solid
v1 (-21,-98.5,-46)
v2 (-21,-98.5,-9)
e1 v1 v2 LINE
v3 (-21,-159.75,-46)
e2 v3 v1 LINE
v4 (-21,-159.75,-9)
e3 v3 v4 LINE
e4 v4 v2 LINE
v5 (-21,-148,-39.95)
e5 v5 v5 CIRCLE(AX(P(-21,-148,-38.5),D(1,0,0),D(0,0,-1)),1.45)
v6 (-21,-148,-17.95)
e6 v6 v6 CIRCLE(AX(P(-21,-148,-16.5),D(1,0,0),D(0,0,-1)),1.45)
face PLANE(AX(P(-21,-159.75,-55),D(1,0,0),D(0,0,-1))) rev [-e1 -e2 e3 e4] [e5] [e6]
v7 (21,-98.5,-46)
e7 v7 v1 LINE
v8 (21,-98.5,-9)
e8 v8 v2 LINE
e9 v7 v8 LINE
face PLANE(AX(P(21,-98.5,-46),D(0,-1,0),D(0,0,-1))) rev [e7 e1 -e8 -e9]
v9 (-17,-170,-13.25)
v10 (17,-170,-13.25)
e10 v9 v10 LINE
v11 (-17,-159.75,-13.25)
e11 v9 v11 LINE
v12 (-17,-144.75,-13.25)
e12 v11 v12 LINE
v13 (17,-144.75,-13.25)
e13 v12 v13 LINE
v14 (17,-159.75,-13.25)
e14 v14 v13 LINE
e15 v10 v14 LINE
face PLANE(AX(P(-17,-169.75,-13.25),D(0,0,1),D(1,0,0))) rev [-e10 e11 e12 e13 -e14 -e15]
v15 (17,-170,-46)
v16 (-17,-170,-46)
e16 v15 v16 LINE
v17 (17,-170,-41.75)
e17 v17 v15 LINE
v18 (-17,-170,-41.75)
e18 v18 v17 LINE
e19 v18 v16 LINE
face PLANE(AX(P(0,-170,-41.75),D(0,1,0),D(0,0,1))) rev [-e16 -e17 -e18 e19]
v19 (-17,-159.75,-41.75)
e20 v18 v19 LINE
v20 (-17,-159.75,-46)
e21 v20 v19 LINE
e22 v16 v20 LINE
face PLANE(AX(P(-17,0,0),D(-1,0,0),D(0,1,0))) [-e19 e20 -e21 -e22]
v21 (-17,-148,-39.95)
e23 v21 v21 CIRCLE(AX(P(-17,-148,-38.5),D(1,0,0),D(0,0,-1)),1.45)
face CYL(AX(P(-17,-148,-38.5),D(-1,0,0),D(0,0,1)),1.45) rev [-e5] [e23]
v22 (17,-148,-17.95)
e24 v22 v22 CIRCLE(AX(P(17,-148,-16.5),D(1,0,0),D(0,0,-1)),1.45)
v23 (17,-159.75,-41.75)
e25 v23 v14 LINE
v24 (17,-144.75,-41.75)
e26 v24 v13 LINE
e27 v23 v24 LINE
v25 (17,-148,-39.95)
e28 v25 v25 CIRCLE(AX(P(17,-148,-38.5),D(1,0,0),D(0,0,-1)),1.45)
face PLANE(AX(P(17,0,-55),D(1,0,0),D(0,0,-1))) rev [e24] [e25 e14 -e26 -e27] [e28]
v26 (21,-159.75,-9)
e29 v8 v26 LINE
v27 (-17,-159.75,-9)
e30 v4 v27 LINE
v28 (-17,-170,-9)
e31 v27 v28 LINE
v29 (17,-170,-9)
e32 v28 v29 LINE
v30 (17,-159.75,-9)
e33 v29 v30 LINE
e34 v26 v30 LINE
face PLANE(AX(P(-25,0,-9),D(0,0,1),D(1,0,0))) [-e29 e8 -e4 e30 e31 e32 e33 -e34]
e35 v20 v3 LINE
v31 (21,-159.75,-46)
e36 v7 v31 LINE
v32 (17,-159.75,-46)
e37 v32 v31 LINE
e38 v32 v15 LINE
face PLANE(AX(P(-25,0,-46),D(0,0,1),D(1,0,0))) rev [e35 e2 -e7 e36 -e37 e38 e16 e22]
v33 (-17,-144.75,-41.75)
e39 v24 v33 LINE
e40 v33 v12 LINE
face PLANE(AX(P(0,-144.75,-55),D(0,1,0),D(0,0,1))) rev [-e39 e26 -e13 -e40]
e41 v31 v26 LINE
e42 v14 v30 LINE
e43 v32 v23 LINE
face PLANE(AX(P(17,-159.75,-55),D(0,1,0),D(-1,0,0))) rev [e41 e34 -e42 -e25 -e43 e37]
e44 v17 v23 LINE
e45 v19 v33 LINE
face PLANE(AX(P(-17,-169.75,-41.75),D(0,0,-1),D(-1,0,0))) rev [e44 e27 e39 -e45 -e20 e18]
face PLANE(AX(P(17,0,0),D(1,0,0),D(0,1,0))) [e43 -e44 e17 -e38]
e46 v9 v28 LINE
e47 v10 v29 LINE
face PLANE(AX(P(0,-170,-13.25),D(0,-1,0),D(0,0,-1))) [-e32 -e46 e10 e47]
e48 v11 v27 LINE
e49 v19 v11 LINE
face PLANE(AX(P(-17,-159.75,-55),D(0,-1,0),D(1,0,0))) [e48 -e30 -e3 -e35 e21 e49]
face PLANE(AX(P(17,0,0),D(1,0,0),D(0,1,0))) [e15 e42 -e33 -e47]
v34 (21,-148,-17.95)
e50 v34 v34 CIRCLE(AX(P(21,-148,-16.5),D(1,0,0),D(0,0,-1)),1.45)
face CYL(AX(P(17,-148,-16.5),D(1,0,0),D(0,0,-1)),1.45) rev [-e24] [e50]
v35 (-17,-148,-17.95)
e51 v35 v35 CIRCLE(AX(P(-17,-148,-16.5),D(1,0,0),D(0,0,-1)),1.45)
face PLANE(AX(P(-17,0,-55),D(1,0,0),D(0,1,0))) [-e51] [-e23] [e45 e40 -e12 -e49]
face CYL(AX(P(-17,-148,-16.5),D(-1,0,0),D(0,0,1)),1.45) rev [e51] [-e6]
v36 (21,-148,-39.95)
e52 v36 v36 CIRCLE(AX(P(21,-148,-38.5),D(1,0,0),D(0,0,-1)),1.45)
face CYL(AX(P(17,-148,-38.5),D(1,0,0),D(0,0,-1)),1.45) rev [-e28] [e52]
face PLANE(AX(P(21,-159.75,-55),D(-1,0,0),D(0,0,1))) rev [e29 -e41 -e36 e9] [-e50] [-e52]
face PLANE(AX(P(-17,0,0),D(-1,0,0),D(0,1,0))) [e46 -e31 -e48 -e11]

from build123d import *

# Parameters (mm, degrees)
SKETCH1_W               = 50
SKETCH1_H               = 150
BOSS_EXTRUDE1_DEPTH     = 55
CUT_EXTRUDE1_DEPTH      = 168.406690428
CUT_EXTRUDE1_DEPTH_BACK = 45
SKETCH2_R               = 10.25
SKETCH7_R               = 1
SKETCH7_R_2             = 4.25
CUT_EXTRUDE3_DEPTH      = 10
SKETCH8_W               = 55
SKETCH8_H               = 55
SKETCH8_R               = 10.25
BOSS_EXTRUDE2_DEPTH     = 50
SKETCH10_W              = 8
SKETCH10_H              = 10.25
SKETCH10_W_2            = 17
SKETCH10_H_2            = 1
SKETCH10_W_3            = 34
SKETCH10_H_3            = 20
SKETCH10_H_4            = 5
CUT_EXTRUDE4_DEPTH      = 214.717102732
SKETCH11_W              = 34
SKETCH11_H              = 13.25
BOSS_EXTRUDE4_DEPTH     = 25
SKETCH13_W              = 55
SKETCH13_H              = 10
CUT_EXTRUDE5_DEPTH      = 8
SKETCH14_R              = 5.030159043
CUT_EXTRUDE6_DEPTH      = 8
SKETCH15_W              = 34
SKETCH15_H              = 0.25
BOSS_EXTRUDE5_DEPTH     = 13.25
CUT_EXTRUDE7_DEPTH      = 181.416185527
BOSS_EXTRUDE6_START     = 1.5
SKETCH19_R              = 10.25
SKETCH19_R_2            = 1
SKETCH19_R_3            = 4.25
BOSS_EXTRUDE6_DEPTH     = 1.5
CUT_EXTRUDE8_DEPTH      = 184.89467094
SKETCH21_R              = 5.030159043
SKETCH21_R_2            = 4.5
BOSS_EXTRUDE7_DEPTH     = 8
SKETCH24_W              = 4
SKETCH24_H              = 30
CUT_EXTRUDE10_DEPTH     = 181.416185527
SKETCH25_W              = 55
SKETCH25_H              = 86.25
CUT_EXTRUDE11_DEPTH     = 4
BOSS_EXTRUDE8_START     = 4
SKETCH26_R              = 1
SKETCH26_R_2            = 4.25
BOSS_EXTRUDE8_DEPTH     = 4
SKETCH27_W              = 4
SKETCH27_H              = 123.25
CUT_EXTRUDE12_DEPTH     = 181.416185527
CUT_EXTRUDE13_DEPTH     = 180.905530765
SKETCH29_W              = 42
SKETCH29_H              = 9
CUT_EXTRUDE15_DEPTH     = 174.776436838
SKETCH30_R              = 4.5
SKETCH30_R_2            = 1.45
BOSS_EXTRUDE9_DEPTH     = 4
SKETCH31_W              = 37
SKETCH31_H              = 55
CUT_EXTRUDE16_DEPTH     = 182.05247858
SKETCH32_W              = 93.338891709
SKETCH32_H              = 62.145945894
CUT_EXTRUDE17_DEPTH     = 182.05247858


with BuildPart() as part:
    # Sketch1 → Boss-Extrude1 (new body)
    with BuildSketch(Plane.XY):
        with Locations((0, -75)):
            Rectangle(SKETCH1_W, SKETCH1_H)
    extrude(amount=-BOSS_EXTRUDE1_DEPTH)

    # Sketch2 → Cut-Extrude1 (cut, two sides: drawn at the far end of the back side and taken through both)
    with BuildSketch(Plane(origin=(25, 0, 0), x_dir=(0, 0, -1), z_dir=(1, 0, 0)).offset(-CUT_EXTRUDE1_DEPTH_BACK)):
        with Locations(Location((27.5, -25, 0), (0, 0, 270))):
            Circle(SKETCH2_R)
    extrude(amount=CUT_EXTRUDE1_DEPTH + CUT_EXTRUDE1_DEPTH_BACK, mode=Mode.SUBTRACT)

    # Sketch7 → Cut-Extrude3 (cut)
    with BuildSketch(Plane(origin=(-20, 0, 0), x_dir=(0, 0, -1), z_dir=(1, 0, 0))):
        with Locations(Location((27.5, -17, 0), (0, 0, 90))):
            Circle(SKETCH7_R)
        with Locations(Location((35.5, -25, 0), (0, 0, 90))):
            Circle(SKETCH7_R)
        with Locations(Location((27.5, -33, 0), (0, 0, 90))):
            Circle(SKETCH7_R)
        with Locations(Location((19.5, -25, 0), (0, 0, 90))):
            Circle(SKETCH7_R)
        with Locations(Location((27.5, -25, 0), (0, 0, 90))):
            Circle(SKETCH7_R_2)
    extrude(amount=-CUT_EXTRUDE3_DEPTH, mode=Mode.SUBTRACT)

    # Sketch8 → Boss-Extrude2 (add)
    with BuildSketch(Plane(origin=(25, 0, 0), x_dir=(0, 0, -1), z_dir=(1, 0, 0))):
        with Locations((27.5, -177.5)):
            Rectangle(SKETCH8_W, SKETCH8_H)
        with Locations(Location((27.5, -180, 0), (0, 0, 90))):
            Circle(SKETCH8_R, mode=Mode.SUBTRACT)
    extrude(amount=-BOSS_EXTRUDE2_DEPTH)

    # Sketch10 → Cut-Extrude4 (cut, through all)
    with BuildSketch(Plane.XY):
        Polygon((-17, -205), (17, -205), (17, -191.25), (0, -191.25), (-17, -191.25), align=None)
        Polygon((-25, -205), (-17, -205), (-17, -191.25), (-17, -190.25), (-25, -190.25), align=None)
        Polygon((17, -191.25), (17, -205), (25, -205), (25, -190.25), (17, -190.25), align=None)
        with Locations((-21, -185.125)):
            Rectangle(SKETCH10_W, SKETCH10_H)
        with Locations((-21, -174.875)):
            Rectangle(SKETCH10_W, SKETCH10_H)
        with Locations((21, -174.875)):
            Rectangle(SKETCH10_W, SKETCH10_H)
        with Locations((21, -185.125)):
            Rectangle(SKETCH10_W, SKETCH10_H)
        with Locations((-8.5, -185.125)):
            Rectangle(SKETCH10_W_2, SKETCH10_H)
        with Locations((8.5, -185.125)):
            Rectangle(SKETCH10_W_2, SKETCH10_H)
        Polygon((0, -180), (17, -180), (17, -169.75), (-17, -169.75), (-17, -180), align=None)
        with Locations((-8.5, -190.75)):
            Rectangle(SKETCH10_W_2, SKETCH10_H_2)
        with Locations((8.5, -190.75)):
            Rectangle(SKETCH10_W_2, SKETCH10_H_2)
        with Locations((0, -154.75)):
            Rectangle(SKETCH10_W_3, SKETCH10_H_3)
        with Locations((0, -167.25)):
            Rectangle(SKETCH10_W_3, SKETCH10_H_4)
    extrude(amount=-CUT_EXTRUDE4_DEPTH, mode=Mode.SUBTRACT)

    # Sketch11 → Boss-Extrude4 (add)
    with BuildSketch(Plane.XZ.offset(144.75)):
        with Locations((0, -6.625)):
            Rectangle(SKETCH11_W, SKETCH11_H)
        with Locations((0, -48.375)):
            Rectangle(SKETCH11_W, SKETCH11_H)
    extrude(amount=BOSS_EXTRUDE4_DEPTH)

    # Sketch13 → Cut-Extrude5 (cut)
    with BuildSketch(Plane(origin=(25, 0, 0), x_dir=(0, 0, -1), z_dir=(1, 0, 0))):
        with Locations((27.5, -164.75)):
            Rectangle(SKETCH13_W, SKETCH13_H)
    cut_extrude5 = extrude(amount=-CUT_EXTRUDE5_DEPTH, mode=Mode.SUBTRACT)

    # Mirror2: Cut-Extrude5 across plane
    add(cut_extrude5.mirror(Plane(origin=(0, 0, 0), x_dir=(0, 0, 1), z_dir=(1, 0, 0))), mode=Mode.SUBTRACT)

    # Sketch14 → Cut-Extrude6 (cut)
    with BuildSketch(Plane(origin=(25, 0, 0), x_dir=(0, 0, -1), z_dir=(1, 0, 0))):
        with Locations(Location((16.5, -148, 0), (0, 0, 90))):
            Circle(SKETCH14_R)
        with Locations(Location((38.5, -148, 0), (0, 0, 90))):
            Circle(SKETCH14_R)
    cut_extrude6 = extrude(amount=-CUT_EXTRUDE6_DEPTH, mode=Mode.SUBTRACT)

    # Mirror3: Cut-Extrude6 across plane
    add(cut_extrude6.mirror(Plane(origin=(0, 0, 0), x_dir=(0, 0, 1), z_dir=(1, 0, 0))), mode=Mode.SUBTRACT)

    # Sketch15 → Boss-Extrude5 (add)
    with BuildSketch(Plane.XY):
        with Locations((0, -169.875)):
            Rectangle(SKETCH15_W, SKETCH15_H)
    boss_extrude5 = extrude(amount=-BOSS_EXTRUDE5_DEPTH)

    # Mirror4: Boss-Extrude5 across plane
    add(boss_extrude5.mirror(Plane.XY.offset(-27.5)))

    # Sketch16 → Cut-Extrude7 (cut, through all)
    with BuildSketch(Plane.XY):
        Polygon((-18.5, 0), (-18.5, -14.75), (-18.5, -35.25), (-18.5, -43.5), (25, -43.5), (25, 0), align=None)
    extrude(amount=-CUT_EXTRUDE7_DEPTH, mode=Mode.SUBTRACT)

    # Sketch19 → Boss-Extrude6 (add)
    with BuildSketch(Plane(origin=(-20, 0, 0), x_dir=(0, 0, -1), z_dir=(1, 0, 0)).offset(BOSS_EXTRUDE6_START)):
        with Locations((27.5, -25)):
            Circle(SKETCH19_R)
        with Locations(Location((27.5, -17, 0), (0, 0, 90))):
            Circle(SKETCH19_R_2, mode=Mode.SUBTRACT)
        with Locations(Location((27.5, -33, 0), (0, 0, 90))):
            Circle(SKETCH19_R_2, mode=Mode.SUBTRACT)
        with Locations(Location((19.5, -25, 0), (0, 0, 90))):
            Circle(SKETCH19_R_2, mode=Mode.SUBTRACT)
        with Locations(Location((35.5, -25, 0), (0, 0, 90))):
            Circle(SKETCH19_R_2, mode=Mode.SUBTRACT)
        with Locations(Location((27.5, -25, 0), (0, 0, 90))):
            Circle(SKETCH19_R_3, mode=Mode.SUBTRACT)
    extrude(amount=-BOSS_EXTRUDE6_DEPTH)

    # Sketch20 → Cut-Extrude8 (cut, through all)
    with BuildSketch(Plane(origin=(-18.5, 0, 0), x_dir=(0, 0, -1), z_dir=(1, 0, 0))):
        with BuildLine():
            Line((0, 0), (0, -43.5))
            Line((0, -43.5), (9, -43.5))
            Line((9, -43.5), (9, -25))
            ThreePointArc((9, -25), (27.5, -6.5), (46, -25))
            Line((46, -25), (46, -43.5))
            Line((46, -43.5), (55, -43.5))
            Line((55, -43.5), (55, 0))
            Line((55, 0), (0, 0))
        make_face()
    extrude(amount=-CUT_EXTRUDE8_DEPTH, mode=Mode.SUBTRACT)

    # Sketch21 → Boss-Extrude7 (add)
    # profile 1 of 2: a face of its own
    with BuildSketch(Plane(origin=(25, 0, 0), x_dir=(0, 0, -1), z_dir=(1, 0, 0))):
        with Locations(Location((16.5, -148, 0), (0, 0, 229.751587581))):
            Circle(SKETCH21_R)
        with Locations(Location((16.5, -148, 0), (0, 0, 90))):
            Circle(SKETCH21_R_2, mode=Mode.SUBTRACT)
    # profile 2 of 2: a face of its own
    with BuildSketch(Plane(origin=(25, 0, 0), x_dir=(0, 0, -1), z_dir=(1, 0, 0))):
        with Locations(Location((38.5, -148, 0), (0, 0, 310.248412419))):
            Circle(SKETCH21_R)
        with Locations(Location((38.5, -148, 0), (0, 0, 90))):
            Circle(SKETCH21_R_2, mode=Mode.SUBTRACT)
    boss_extrude7 = extrude(amount=-BOSS_EXTRUDE7_DEPTH)

    # Mirror5: Boss-Extrude7 across plane
    add(boss_extrude7.mirror(Plane(origin=(0, 0, 0), x_dir=(0, 0, 1), z_dir=(1, 0, 0))))

    # Sketch24 → Cut-Extrude10 (cut, through all)
    with BuildSketch(Plane.XY):
        with Locations((-23, -144.75)):
            Rectangle(SKETCH24_W, SKETCH24_H)
        with Locations((23, -144.75)):
            Rectangle(SKETCH24_W, SKETCH24_H)
    extrude(amount=-CUT_EXTRUDE10_DEPTH, mode=Mode.SUBTRACT)

    # Sketch25 → Cut-Extrude11 (cut)
    with BuildSketch(Plane(origin=(25, 0, 0), x_dir=(0, 0, -1), z_dir=(1, 0, 0))):
        with Locations((27.5, -86.625)):
            Rectangle(SKETCH25_W, SKETCH25_H)
    extrude(amount=-CUT_EXTRUDE11_DEPTH, mode=Mode.SUBTRACT)

    # Sketch26 → Boss-Extrude8 (add)
    with BuildSketch(Plane(origin=(-18.5, 0, 0), x_dir=(0, 0, -1), z_dir=(1, 0, 0)).offset(BOSS_EXTRUDE8_START)):
        with BuildLine():
            Line((46, -43.5), (46, -25))
            ThreePointArc((46, -25), (27.5, -6.5), (9, -25))
            Line((9, -25), (9, -43.5))
            Line((9, -43.5), (46, -43.5))
        make_face()
        with Locations(Location((35.5, -25, 0), (0, 0, 90))):
            Circle(SKETCH26_R, mode=Mode.SUBTRACT)
        with Locations(Location((27.5, -25, 0), (0, 0, 90))):
            Circle(SKETCH26_R_2, mode=Mode.SUBTRACT)
        with Locations(Location((19.5, -25, 0), (0, 0, 90))):
            Circle(SKETCH26_R, mode=Mode.SUBTRACT)
        with Locations(Location((27.5, -33, 0), (0, 0, 90))):
            Circle(SKETCH26_R, mode=Mode.SUBTRACT)
        with Locations(Location((27.5, -17, 0), (0, 0, 90))):
            Circle(SKETCH26_R, mode=Mode.SUBTRACT)
    extrude(amount=-BOSS_EXTRUDE8_DEPTH)

    # Sketch27 → Cut-Extrude12 (cut, through all)
    with BuildSketch(Plane.XY):
        with Locations((-23, -68.125)):
            Rectangle(SKETCH27_W, SKETCH27_H)
    extrude(amount=-CUT_EXTRUDE12_DEPTH, mode=Mode.SUBTRACT)

    # Sketch28 → Cut-Extrude13 (cut, through all)
    with BuildSketch(Plane.XY):
        with BuildLine():
            Line((21, -43.5), (-14.5, -43.5))
            ThreePointArc((-14.5, -43.5), (10.602290732, -53.897709268), (21, -79))
            Line((21, -79), (21, -43.5))
        make_face()
    extrude(amount=-CUT_EXTRUDE13_DEPTH, mode=Mode.SUBTRACT)

    # Sketch29 → Cut-Extrude15 (cut, through all)
    with BuildSketch(Plane.XZ.offset(170)):
        with Locations((0, -50.5)):
            Rectangle(SKETCH29_W, SKETCH29_H)
        with Locations((0, -4.5)):
            Rectangle(SKETCH29_W, SKETCH29_H)
    extrude(amount=-CUT_EXTRUDE15_DEPTH, mode=Mode.SUBTRACT)

    # Sketch30 → Boss-Extrude9 (add)
    # profile 1 of 2: a face of its own
    with BuildSketch(Plane(origin=(21, 0, 0), x_dir=(0, 0, -1), z_dir=(1, 0, 0))):
        with Locations(Location((16.5, -148, 0), (0, 0, 223.761742693))):
            Circle(SKETCH30_R)
        with Locations((16.5, -148)):
            Circle(SKETCH30_R_2, mode=Mode.SUBTRACT)
    # profile 2 of 2: a face of its own
    with BuildSketch(Plane(origin=(21, 0, 0), x_dir=(0, 0, -1), z_dir=(1, 0, 0))):
        with Locations(Location((38.5, -148, 0), (0, 0, 316.238257307))):
            Circle(SKETCH30_R)
        with Locations((38.5, -148)):
            Circle(SKETCH30_R_2, mode=Mode.SUBTRACT)
    boss_extrude9 = extrude(amount=-BOSS_EXTRUDE9_DEPTH)

    # Mirror6: Boss-Extrude9 across plane
    add(boss_extrude9.mirror(Plane(origin=(0, 0, 0), x_dir=(0, 0, 1), z_dir=(1, 0, 0))))

    # Sketch31 → Cut-Extrude16 (cut, through all)
    with BuildSketch(Plane.ZY.offset(21)):
        with Locations((-27.5, -71)):
            Rectangle(SKETCH31_W, SKETCH31_H)
    extrude(amount=-CUT_EXTRUDE16_DEPTH, mode=Mode.SUBTRACT)


with BuildPart() as cut_extrude16_piece_1:
    # of the separate pieces the step leaves, piece 1, a body of its own (cut_extrude16_pieces)
    add(part.part.solids().sort_by_distance((17, -170, -13.25))[0])


with BuildPart() as cut_extrude16_piece_2:
    # of the separate pieces the step leaves, piece 2, a body of its own (cut_extrude16_pieces)
    add(part.part.solids().sort_by_distance((-21, -43.5, -9))[0])

    # Sketch32 → Cut-Extrude17 (cut, through all)
    with BuildSketch(Plane.ZY.offset(21)):
        with Locations((-22.821058128, -34.382182034)):
            Rectangle(SKETCH32_W, SKETCH32_H)
    extrude(amount=-CUT_EXTRUDE17_DEPTH, mode=Mode.SUBTRACT)


solid = cut_extrude16_piece_1.part
